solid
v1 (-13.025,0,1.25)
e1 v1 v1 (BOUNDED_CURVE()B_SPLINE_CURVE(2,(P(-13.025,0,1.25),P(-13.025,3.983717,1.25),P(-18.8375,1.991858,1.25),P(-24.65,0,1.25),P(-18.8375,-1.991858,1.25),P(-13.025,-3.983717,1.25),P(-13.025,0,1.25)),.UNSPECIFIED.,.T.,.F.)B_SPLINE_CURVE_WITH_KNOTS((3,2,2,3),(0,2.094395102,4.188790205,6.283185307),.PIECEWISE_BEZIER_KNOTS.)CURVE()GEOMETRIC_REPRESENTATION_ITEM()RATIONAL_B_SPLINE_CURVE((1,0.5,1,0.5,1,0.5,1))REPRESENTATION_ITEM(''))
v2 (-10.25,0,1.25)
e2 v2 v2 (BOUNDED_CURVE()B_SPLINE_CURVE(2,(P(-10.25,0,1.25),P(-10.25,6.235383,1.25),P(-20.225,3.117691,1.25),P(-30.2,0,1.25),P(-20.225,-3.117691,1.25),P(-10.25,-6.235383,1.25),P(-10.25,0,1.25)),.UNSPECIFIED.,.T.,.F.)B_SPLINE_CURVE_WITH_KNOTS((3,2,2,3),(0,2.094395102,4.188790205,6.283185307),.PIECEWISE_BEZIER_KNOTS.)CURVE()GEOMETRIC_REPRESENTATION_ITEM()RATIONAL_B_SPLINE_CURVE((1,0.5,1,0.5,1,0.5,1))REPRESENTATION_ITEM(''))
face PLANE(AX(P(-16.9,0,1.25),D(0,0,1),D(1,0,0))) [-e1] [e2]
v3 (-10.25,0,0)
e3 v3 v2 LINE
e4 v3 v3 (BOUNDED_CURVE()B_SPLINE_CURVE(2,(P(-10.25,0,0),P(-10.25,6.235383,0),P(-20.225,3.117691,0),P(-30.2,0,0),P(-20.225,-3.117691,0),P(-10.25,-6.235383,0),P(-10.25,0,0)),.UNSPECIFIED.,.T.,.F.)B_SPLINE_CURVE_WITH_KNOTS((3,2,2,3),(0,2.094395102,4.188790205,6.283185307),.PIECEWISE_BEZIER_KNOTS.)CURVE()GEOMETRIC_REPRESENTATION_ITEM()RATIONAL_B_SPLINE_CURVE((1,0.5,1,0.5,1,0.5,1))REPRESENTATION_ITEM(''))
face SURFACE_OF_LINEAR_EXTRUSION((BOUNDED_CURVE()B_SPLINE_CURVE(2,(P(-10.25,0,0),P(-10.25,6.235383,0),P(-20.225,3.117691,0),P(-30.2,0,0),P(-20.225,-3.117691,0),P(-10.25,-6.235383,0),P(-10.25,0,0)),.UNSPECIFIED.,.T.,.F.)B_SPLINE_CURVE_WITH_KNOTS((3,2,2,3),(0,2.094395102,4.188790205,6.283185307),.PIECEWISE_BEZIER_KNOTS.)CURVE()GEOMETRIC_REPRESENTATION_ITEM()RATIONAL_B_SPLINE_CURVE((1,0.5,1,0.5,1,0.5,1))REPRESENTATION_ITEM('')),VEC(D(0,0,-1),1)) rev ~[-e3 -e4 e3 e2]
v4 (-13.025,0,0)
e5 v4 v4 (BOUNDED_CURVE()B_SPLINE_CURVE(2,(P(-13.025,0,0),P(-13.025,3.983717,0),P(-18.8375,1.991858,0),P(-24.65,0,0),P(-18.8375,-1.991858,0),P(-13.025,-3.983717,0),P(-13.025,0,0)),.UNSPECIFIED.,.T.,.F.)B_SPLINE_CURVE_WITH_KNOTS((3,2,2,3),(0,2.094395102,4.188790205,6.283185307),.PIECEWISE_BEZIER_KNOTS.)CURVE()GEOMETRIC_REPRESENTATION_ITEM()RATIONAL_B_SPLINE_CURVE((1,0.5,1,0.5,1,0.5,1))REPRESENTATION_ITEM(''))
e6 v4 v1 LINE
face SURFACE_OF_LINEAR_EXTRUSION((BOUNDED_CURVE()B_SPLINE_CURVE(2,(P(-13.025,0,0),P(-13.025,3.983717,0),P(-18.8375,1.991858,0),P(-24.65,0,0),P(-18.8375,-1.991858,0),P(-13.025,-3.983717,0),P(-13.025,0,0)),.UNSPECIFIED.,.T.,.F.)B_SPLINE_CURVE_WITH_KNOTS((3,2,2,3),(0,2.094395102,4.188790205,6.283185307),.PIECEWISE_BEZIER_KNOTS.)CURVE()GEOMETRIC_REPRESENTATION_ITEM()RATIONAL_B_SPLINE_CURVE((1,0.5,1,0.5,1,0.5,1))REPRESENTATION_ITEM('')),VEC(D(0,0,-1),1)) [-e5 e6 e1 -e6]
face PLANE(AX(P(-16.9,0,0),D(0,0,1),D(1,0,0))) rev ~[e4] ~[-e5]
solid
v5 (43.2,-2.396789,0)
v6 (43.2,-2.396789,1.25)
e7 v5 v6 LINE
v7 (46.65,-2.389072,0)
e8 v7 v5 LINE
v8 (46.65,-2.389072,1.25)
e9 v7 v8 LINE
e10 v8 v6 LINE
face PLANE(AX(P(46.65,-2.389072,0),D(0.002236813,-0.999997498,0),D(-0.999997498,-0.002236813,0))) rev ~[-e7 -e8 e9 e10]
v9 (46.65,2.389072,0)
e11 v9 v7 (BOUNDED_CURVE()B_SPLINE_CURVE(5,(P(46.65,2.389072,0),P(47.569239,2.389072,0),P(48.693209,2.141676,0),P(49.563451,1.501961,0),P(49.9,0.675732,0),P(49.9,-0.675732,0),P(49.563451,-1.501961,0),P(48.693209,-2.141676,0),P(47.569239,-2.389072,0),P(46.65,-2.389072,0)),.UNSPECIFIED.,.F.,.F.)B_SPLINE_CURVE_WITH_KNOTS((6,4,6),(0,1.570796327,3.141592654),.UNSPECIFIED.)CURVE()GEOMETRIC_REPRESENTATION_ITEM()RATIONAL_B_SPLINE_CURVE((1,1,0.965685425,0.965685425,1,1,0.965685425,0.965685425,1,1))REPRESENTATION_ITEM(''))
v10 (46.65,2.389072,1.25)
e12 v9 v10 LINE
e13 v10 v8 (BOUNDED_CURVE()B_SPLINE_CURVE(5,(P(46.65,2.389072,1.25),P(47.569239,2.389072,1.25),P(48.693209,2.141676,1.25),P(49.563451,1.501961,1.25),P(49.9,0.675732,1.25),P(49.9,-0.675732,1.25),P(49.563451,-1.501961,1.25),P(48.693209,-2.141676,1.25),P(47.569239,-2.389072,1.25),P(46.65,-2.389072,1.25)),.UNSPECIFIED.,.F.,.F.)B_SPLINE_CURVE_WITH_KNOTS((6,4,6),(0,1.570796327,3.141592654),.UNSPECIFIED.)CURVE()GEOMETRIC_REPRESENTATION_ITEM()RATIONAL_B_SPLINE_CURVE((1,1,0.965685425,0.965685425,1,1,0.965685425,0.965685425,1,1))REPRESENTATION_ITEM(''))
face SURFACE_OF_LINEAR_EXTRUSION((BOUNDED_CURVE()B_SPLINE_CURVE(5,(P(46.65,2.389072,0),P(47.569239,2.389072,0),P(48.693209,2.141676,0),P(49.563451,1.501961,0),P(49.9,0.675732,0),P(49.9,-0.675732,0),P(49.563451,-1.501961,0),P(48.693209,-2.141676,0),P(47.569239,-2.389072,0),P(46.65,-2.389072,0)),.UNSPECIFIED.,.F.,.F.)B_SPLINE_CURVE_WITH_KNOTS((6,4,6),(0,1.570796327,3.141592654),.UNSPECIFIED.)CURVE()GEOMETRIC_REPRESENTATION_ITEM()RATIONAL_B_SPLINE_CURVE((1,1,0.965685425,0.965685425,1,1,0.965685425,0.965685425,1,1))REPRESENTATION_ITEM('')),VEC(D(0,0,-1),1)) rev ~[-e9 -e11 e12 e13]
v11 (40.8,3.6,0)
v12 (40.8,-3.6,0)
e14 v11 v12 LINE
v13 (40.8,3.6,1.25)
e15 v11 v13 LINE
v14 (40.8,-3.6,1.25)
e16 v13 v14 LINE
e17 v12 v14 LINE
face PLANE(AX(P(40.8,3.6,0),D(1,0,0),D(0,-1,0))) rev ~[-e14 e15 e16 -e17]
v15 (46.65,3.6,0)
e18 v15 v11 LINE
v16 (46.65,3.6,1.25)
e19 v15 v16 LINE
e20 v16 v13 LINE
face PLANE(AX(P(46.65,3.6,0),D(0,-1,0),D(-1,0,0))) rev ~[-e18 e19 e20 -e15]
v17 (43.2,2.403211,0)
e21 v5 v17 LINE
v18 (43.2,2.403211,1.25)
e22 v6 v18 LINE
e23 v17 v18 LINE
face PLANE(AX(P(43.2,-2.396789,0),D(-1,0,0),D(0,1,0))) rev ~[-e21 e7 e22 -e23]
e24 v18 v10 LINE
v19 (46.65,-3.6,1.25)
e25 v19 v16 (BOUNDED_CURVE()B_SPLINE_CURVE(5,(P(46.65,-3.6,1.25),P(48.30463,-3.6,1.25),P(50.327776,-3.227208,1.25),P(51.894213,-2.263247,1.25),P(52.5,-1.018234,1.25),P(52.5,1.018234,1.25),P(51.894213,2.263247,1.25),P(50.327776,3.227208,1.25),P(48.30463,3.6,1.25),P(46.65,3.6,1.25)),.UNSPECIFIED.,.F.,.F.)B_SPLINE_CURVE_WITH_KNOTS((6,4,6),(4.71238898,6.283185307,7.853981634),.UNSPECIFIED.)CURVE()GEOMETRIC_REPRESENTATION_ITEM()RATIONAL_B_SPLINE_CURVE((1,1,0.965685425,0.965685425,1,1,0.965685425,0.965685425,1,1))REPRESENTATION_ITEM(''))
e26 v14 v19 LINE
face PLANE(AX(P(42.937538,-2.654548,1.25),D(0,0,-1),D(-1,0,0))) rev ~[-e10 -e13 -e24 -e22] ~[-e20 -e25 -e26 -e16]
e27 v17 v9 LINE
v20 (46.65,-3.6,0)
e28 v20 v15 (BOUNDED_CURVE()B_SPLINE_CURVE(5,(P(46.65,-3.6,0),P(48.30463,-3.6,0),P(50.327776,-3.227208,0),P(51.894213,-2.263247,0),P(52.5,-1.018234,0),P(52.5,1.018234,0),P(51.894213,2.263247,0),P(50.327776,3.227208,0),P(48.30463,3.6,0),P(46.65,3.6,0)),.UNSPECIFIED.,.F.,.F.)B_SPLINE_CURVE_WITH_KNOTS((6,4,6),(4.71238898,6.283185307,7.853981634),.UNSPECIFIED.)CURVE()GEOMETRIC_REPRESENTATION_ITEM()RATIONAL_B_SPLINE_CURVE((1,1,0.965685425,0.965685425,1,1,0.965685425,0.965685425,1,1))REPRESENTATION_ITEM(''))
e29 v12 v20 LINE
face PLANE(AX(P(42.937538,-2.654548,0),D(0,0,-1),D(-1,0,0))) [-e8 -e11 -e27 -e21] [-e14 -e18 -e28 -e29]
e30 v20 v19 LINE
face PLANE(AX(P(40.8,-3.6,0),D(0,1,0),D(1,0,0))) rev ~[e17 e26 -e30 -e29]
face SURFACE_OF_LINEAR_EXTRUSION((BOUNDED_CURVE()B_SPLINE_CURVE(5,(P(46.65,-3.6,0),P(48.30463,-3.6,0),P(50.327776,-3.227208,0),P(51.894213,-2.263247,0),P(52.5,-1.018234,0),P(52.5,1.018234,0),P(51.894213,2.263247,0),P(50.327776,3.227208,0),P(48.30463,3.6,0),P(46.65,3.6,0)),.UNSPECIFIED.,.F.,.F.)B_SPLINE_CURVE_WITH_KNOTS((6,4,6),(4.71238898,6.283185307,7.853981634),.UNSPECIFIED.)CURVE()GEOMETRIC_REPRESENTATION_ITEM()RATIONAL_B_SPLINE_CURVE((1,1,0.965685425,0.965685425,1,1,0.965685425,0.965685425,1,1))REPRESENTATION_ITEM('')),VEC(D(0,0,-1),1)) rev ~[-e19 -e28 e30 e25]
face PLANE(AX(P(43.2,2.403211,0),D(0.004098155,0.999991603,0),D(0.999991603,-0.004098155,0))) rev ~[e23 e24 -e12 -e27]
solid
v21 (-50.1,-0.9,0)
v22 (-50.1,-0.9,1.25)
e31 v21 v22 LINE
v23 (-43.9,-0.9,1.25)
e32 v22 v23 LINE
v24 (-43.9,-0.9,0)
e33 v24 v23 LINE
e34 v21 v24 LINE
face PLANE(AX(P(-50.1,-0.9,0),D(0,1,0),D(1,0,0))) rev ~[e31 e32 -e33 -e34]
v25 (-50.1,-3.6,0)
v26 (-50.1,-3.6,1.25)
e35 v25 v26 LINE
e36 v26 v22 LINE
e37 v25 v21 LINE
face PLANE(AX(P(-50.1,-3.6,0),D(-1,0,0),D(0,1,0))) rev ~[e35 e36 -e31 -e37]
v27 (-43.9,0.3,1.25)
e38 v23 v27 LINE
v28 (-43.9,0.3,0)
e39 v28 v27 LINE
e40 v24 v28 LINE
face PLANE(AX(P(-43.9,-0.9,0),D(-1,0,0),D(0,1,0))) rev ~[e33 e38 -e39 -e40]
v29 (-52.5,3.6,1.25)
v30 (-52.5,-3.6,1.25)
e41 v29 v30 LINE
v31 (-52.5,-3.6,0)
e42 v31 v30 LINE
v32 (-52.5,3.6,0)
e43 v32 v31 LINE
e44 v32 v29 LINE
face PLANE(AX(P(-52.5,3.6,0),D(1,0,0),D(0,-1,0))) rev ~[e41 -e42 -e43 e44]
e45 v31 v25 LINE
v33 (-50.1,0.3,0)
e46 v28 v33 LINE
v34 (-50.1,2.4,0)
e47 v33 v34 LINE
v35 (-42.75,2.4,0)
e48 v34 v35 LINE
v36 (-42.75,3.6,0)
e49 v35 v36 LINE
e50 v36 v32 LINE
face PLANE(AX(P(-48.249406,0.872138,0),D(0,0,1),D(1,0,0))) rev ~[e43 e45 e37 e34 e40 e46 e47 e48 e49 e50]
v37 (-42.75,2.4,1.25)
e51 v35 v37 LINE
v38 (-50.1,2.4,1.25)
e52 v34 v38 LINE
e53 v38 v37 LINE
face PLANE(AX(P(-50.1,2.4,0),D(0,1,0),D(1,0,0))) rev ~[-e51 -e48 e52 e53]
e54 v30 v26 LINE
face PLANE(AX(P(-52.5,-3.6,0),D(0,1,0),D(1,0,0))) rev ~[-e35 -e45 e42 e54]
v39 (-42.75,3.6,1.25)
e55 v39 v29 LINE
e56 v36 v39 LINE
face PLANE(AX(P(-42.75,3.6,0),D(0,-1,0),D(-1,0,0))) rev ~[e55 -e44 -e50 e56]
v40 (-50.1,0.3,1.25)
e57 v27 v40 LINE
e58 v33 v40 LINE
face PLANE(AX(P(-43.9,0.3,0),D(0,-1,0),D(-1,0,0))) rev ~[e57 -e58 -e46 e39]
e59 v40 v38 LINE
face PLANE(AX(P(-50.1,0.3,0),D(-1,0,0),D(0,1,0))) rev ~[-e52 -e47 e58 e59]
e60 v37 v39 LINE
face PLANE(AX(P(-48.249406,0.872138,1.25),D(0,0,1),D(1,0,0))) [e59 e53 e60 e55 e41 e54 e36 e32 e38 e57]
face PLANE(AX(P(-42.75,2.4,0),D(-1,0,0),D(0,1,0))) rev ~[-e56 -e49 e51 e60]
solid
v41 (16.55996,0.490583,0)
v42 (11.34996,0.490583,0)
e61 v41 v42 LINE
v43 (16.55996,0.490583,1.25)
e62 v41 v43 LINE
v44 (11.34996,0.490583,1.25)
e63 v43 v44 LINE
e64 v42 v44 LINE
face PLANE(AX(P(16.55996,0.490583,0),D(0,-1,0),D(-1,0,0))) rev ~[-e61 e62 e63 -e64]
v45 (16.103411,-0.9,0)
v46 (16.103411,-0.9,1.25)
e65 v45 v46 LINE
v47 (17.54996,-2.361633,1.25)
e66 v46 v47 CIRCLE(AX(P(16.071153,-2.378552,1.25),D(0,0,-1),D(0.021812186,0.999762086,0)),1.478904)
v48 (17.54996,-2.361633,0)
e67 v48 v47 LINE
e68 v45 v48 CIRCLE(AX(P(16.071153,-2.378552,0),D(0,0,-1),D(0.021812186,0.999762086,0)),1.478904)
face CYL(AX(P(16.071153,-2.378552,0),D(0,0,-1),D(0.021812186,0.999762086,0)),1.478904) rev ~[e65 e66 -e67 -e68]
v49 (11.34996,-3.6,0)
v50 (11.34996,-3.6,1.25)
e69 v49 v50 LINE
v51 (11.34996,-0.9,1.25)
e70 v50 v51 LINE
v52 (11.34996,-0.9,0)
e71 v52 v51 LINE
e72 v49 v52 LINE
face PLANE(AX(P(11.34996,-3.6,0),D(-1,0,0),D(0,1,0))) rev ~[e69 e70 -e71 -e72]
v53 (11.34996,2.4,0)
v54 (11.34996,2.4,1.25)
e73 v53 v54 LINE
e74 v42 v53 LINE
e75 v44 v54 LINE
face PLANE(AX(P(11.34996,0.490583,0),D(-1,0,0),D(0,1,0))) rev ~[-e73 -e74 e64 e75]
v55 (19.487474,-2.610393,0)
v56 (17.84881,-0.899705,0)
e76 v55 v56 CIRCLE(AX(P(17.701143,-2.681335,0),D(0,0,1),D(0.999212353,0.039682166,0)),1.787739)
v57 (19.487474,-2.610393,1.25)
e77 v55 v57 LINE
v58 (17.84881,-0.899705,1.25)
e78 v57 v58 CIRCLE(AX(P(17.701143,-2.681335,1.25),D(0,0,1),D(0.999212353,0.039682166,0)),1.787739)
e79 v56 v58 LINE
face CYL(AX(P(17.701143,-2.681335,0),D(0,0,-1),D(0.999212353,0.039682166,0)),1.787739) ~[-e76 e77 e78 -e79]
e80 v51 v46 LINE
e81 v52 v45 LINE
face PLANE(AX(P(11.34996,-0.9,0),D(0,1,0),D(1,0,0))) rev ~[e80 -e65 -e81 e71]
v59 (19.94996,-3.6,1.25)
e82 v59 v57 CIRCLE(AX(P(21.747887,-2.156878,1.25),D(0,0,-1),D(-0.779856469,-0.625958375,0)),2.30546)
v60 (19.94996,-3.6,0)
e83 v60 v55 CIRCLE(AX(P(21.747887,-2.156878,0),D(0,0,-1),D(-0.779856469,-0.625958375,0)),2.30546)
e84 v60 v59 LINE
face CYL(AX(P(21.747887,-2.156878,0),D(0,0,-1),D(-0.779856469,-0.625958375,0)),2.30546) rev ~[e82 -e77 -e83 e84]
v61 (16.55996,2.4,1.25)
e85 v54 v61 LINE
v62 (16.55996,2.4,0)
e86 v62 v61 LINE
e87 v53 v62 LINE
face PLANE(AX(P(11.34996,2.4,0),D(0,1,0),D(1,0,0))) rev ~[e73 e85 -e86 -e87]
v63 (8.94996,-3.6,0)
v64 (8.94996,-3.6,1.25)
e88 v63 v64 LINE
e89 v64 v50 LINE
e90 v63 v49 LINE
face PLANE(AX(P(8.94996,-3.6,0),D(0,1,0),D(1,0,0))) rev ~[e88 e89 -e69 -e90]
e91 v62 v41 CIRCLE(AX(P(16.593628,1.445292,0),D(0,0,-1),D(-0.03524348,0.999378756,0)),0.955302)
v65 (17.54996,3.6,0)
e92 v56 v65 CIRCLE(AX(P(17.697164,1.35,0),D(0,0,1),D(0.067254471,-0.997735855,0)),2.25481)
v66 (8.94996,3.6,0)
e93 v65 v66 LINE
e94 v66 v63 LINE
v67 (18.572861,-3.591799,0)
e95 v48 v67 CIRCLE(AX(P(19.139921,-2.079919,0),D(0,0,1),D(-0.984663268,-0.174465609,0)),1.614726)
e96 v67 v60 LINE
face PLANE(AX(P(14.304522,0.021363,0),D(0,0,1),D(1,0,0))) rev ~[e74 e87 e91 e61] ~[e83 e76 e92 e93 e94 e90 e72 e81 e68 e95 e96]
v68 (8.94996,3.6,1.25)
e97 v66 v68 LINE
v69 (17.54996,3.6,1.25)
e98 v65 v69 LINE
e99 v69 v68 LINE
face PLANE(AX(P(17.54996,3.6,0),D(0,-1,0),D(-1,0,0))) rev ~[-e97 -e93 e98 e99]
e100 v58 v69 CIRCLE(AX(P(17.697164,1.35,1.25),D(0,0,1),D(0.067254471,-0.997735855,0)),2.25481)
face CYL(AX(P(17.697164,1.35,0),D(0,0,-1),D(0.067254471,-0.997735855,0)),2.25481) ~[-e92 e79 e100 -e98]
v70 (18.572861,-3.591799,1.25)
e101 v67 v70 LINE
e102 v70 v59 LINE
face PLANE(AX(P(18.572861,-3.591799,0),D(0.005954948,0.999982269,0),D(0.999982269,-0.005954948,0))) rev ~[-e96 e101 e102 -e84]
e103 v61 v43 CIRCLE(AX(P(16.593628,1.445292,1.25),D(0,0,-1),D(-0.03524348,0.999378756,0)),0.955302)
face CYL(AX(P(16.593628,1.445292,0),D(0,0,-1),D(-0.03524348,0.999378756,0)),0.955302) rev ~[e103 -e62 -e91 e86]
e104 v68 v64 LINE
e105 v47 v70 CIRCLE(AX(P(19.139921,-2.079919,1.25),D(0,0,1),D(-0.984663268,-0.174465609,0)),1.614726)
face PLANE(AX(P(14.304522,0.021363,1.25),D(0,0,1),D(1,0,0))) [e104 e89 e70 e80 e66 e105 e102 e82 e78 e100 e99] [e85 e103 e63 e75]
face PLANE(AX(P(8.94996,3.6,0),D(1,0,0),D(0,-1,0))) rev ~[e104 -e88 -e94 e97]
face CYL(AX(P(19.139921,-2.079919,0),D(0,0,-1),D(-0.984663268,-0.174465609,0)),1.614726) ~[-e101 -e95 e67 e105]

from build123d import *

# Parameters (mm, degrees)
F5_DEPTH  = 1.25
F7_DEPTH  = 1.25
F9_DEPTH  = 1.25
F11_DEPTH = 1.25


with BuildPart() as f5:
    # F4 (on face) → F5 (new body)
    with BuildSketch(Plane.XY):
        with BuildLine():
            add(Edge.make_bspline(
                [(40.8, 0), (40.8, -3.6), (46.65, -3.6)],
                knots=[3.1415926536, 3.1415926536, 3.1415926536, 4.7123889804, 4.7123889804, 4.7123889804], degree=2, weights=[1, 0.7071067812, 1]))
            Line((40.8, 0), (40.8, -3.6))
            Line((40.8, -3.6), (46.65, -3.6))
        make_face()
        with BuildLine():
            Line((46.65, 3.6), (40.8, 3.6))
            Line((40.8, 3.6), (40.8, 0))
            add(Edge.make_bspline(
                [(46.65, 3.6), (40.8, 3.6), (40.8, 0)],
                knots=[1.5707963268, 1.5707963268, 1.5707963268, 3.1415926536, 3.1415926536, 3.1415926536], degree=2, weights=[1, 0.7071067812, 1]))
        make_face()
        with BuildLine():
            add(Edge.make_bspline(
                [(46.65, 3.6), (40.8, 3.6), (40.8, 0)],
                knots=[1.5707963268, 1.5707963268, 1.5707963268, 3.1415926536, 3.1415926536, 3.1415926536], degree=2, weights=[1, 0.7071067812, 1]))
            Line((40.8, 0), (43.2, 0))
            Line((43.2, 0), (43.2, 2.4032108641))
            Line((43.2, 2.4032108641), (46.65, 2.3890721108))
            add(Edge.make_bspline(
                [(49.9, 0), (49.9, 2.3890721108), (46.65, 2.3890721108)],
                knots=[0, 0, 0, 1.5707963268, 1.5707963268, 1.5707963268], degree=2, weights=[1, 0.7071067812, 1]))
            Line((49.9, 0), (52.5, 0))
            add(Edge.make_bspline(
                [(52.5, 0), (52.5, 3.6), (46.65, 3.6)],
                knots=[0, 0, 0, 1.5707963268, 1.5707963268, 1.5707963268], degree=2, weights=[1, 0.7071067812, 1]))
        make_face()
        with BuildLine():
            Line((43.2, 0), (40.8, 0))
            add(Edge.make_bspline(
                [(40.8, 0), (40.8, -3.6), (46.65, -3.6)],
                knots=[3.1415926536, 3.1415926536, 3.1415926536, 4.7123889804, 4.7123889804, 4.7123889804], degree=2, weights=[1, 0.7071067812, 1]))
            add(Edge.make_bspline(
                [(46.65, -3.6), (52.5, -3.6), (52.5, 0)],
                knots=[4.7123889804, 4.7123889804, 4.7123889804, 6.2831853072, 6.2831853072, 6.2831853072], degree=2, weights=[1, 0.7071067812, 1]))
            Line((52.5, 0), (49.9, 0))
            add(Edge.make_bspline(
                [(46.65, -2.3890721108), (49.9, -2.3890721108), (49.9, 0)],
                knots=[4.7123889804, 4.7123889804, 4.7123889804, 6.2831853072, 6.2831853072, 6.2831853072], degree=2, weights=[1, 0.7071067812, 1]))
            Line((46.65, -2.3890721108), (43.2, -2.3967891359))
            Line((43.2, -2.3967891359), (43.2, 0))
        make_face()
    extrude(amount=F5_DEPTH)


with BuildPart() as f7:
    # F6 (on Top) → F7 (new body)
    with BuildSketch(Plane.XY):
        with BuildLine():
            Line((8.9499597691, 3.6), (8.9499597691, -3.6))
            Line((8.9499597691, -3.6), (11.3499597691, -3.6))
            Line((11.3499597691, -3.6), (11.3499597691, -0.9))
            Line((11.3499597691, -0.9), (16.1034110934, -0.9))
            ThreePointArc((16.1034110934, -0.9), (17.1223055925, -1.3382469801), (17.5499597691, -2.3616326948))
            ThreePointArc((17.5499597691, -2.3616326948), (17.8983445143, -3.1123077967), (18.5728613287, -3.5917993048))
            Line((18.5728613287, -3.5917993048), (19.9499597691, -3.6))
            ThreePointArc((19.9499597691, -3.6), (19.6592603152, -3.1329832996), (19.4874741137, -2.6103933342))
            ThreePointArc((19.4874741137, -2.6103933342), (18.9921508408, -1.4446820248), (17.8488101046, -0.8997049955))
            ThreePointArc((17.8488101046, -0.8997049955), (19.9470176311, 1.4994252406), (17.5499597691, 3.6))
            Line((17.5499597691, 3.6), (8.9499597691, 3.6))
        make_face()
        with BuildLine():
            ThreePointArc((17.5499597691, -0.9), (17.6993787617, -0.8935968227), (17.8488101046, -0.8997049955))
            ThreePointArc((17.8488101046, -0.8997049955), (17.6993898297, -0.9048091144), (17.5499597691, -0.9))
        make_face(mode=Mode.SUBTRACT)
        with BuildLine():
            Line((16.5599597691, 0.4905831765), (11.3499597691, 0.4905831765))
            Line((11.3499597691, 0.4905831765), (11.3499597691, 2.4))
            Line((11.3499597691, 2.4), (16.5599597691, 2.4))
            ThreePointArc((16.5599597691, 2.4), (17.5489298202, 1.4452915883), (16.5599597691, 0.4905831765))
        make_face(mode=Mode.SUBTRACT)
        with BuildLine():
            ThreePointArc((17.5499597691, -0.9), (17.6993898297, -0.9048091144), (17.8488101046, -0.8997049955))
            ThreePointArc((17.8488101046, -0.8997049955), (17.6993787617, -0.8935968227), (17.5499597691, -0.9))
        make_face()
    extrude(amount=F7_DEPTH)


with BuildPart() as f9:
    # F8 (on Top) → F9 (new body)
    with BuildSketch(Plane.XY):
        with BuildLine():
            add(Edge.make_bspline(
                [(-10.25, 0), (-10.25, 6.2353829072), (-20.225, 3.1176914536), (-30.2, 0), (-20.225, -3.1176914536), (-10.25, -6.2353829072), (-10.25, 0)],
                knots=[0, 0, 0, 2.0943951024, 2.0943951024, 4.1887902048, 4.1887902048, 6.2831853072, 6.2831853072, 6.2831853072], degree=2, weights=[1, 0.5, 1, 0.5, 1, 0.5, 1]))
        make_face()
        with BuildLine():
            add(Edge.make_bspline(
                [(-13.025, 0), (-13.025, 3.9837168574), (-18.8375, 1.9918584287), (-24.65, 0), (-18.8375, -1.9918584287), (-13.025, -3.9837168574), (-13.025, 0)],
                knots=[0, 0, 0, 2.0943951024, 2.0943951024, 4.1887902048, 4.1887902048, 6.2831853072, 6.2831853072, 6.2831853072], degree=2, weights=[1, 0.5, 1, 0.5, 1, 0.5, 1]))
        make_face(mode=Mode.SUBTRACT)
    extrude(amount=F9_DEPTH)


with BuildPart() as f11:
    # F10 (on Top) → F11 (new body)
    with BuildSketch(Plane.XY):
        Polygon((-42.75, 3.6), (-52.5, 3.6), (-52.5, -3.6), (-50.1, -3.6), (-50.1, -0.9), (-43.9, -0.9), (-43.9, 0.3), (-50.1, 0.3), (-50.1, 2.4), (-42.75, 2.4), align=None)
    extrude(amount=F11_DEPTH)


solid = Compound([f5.part, f7.part, f9.part, f11.part])
